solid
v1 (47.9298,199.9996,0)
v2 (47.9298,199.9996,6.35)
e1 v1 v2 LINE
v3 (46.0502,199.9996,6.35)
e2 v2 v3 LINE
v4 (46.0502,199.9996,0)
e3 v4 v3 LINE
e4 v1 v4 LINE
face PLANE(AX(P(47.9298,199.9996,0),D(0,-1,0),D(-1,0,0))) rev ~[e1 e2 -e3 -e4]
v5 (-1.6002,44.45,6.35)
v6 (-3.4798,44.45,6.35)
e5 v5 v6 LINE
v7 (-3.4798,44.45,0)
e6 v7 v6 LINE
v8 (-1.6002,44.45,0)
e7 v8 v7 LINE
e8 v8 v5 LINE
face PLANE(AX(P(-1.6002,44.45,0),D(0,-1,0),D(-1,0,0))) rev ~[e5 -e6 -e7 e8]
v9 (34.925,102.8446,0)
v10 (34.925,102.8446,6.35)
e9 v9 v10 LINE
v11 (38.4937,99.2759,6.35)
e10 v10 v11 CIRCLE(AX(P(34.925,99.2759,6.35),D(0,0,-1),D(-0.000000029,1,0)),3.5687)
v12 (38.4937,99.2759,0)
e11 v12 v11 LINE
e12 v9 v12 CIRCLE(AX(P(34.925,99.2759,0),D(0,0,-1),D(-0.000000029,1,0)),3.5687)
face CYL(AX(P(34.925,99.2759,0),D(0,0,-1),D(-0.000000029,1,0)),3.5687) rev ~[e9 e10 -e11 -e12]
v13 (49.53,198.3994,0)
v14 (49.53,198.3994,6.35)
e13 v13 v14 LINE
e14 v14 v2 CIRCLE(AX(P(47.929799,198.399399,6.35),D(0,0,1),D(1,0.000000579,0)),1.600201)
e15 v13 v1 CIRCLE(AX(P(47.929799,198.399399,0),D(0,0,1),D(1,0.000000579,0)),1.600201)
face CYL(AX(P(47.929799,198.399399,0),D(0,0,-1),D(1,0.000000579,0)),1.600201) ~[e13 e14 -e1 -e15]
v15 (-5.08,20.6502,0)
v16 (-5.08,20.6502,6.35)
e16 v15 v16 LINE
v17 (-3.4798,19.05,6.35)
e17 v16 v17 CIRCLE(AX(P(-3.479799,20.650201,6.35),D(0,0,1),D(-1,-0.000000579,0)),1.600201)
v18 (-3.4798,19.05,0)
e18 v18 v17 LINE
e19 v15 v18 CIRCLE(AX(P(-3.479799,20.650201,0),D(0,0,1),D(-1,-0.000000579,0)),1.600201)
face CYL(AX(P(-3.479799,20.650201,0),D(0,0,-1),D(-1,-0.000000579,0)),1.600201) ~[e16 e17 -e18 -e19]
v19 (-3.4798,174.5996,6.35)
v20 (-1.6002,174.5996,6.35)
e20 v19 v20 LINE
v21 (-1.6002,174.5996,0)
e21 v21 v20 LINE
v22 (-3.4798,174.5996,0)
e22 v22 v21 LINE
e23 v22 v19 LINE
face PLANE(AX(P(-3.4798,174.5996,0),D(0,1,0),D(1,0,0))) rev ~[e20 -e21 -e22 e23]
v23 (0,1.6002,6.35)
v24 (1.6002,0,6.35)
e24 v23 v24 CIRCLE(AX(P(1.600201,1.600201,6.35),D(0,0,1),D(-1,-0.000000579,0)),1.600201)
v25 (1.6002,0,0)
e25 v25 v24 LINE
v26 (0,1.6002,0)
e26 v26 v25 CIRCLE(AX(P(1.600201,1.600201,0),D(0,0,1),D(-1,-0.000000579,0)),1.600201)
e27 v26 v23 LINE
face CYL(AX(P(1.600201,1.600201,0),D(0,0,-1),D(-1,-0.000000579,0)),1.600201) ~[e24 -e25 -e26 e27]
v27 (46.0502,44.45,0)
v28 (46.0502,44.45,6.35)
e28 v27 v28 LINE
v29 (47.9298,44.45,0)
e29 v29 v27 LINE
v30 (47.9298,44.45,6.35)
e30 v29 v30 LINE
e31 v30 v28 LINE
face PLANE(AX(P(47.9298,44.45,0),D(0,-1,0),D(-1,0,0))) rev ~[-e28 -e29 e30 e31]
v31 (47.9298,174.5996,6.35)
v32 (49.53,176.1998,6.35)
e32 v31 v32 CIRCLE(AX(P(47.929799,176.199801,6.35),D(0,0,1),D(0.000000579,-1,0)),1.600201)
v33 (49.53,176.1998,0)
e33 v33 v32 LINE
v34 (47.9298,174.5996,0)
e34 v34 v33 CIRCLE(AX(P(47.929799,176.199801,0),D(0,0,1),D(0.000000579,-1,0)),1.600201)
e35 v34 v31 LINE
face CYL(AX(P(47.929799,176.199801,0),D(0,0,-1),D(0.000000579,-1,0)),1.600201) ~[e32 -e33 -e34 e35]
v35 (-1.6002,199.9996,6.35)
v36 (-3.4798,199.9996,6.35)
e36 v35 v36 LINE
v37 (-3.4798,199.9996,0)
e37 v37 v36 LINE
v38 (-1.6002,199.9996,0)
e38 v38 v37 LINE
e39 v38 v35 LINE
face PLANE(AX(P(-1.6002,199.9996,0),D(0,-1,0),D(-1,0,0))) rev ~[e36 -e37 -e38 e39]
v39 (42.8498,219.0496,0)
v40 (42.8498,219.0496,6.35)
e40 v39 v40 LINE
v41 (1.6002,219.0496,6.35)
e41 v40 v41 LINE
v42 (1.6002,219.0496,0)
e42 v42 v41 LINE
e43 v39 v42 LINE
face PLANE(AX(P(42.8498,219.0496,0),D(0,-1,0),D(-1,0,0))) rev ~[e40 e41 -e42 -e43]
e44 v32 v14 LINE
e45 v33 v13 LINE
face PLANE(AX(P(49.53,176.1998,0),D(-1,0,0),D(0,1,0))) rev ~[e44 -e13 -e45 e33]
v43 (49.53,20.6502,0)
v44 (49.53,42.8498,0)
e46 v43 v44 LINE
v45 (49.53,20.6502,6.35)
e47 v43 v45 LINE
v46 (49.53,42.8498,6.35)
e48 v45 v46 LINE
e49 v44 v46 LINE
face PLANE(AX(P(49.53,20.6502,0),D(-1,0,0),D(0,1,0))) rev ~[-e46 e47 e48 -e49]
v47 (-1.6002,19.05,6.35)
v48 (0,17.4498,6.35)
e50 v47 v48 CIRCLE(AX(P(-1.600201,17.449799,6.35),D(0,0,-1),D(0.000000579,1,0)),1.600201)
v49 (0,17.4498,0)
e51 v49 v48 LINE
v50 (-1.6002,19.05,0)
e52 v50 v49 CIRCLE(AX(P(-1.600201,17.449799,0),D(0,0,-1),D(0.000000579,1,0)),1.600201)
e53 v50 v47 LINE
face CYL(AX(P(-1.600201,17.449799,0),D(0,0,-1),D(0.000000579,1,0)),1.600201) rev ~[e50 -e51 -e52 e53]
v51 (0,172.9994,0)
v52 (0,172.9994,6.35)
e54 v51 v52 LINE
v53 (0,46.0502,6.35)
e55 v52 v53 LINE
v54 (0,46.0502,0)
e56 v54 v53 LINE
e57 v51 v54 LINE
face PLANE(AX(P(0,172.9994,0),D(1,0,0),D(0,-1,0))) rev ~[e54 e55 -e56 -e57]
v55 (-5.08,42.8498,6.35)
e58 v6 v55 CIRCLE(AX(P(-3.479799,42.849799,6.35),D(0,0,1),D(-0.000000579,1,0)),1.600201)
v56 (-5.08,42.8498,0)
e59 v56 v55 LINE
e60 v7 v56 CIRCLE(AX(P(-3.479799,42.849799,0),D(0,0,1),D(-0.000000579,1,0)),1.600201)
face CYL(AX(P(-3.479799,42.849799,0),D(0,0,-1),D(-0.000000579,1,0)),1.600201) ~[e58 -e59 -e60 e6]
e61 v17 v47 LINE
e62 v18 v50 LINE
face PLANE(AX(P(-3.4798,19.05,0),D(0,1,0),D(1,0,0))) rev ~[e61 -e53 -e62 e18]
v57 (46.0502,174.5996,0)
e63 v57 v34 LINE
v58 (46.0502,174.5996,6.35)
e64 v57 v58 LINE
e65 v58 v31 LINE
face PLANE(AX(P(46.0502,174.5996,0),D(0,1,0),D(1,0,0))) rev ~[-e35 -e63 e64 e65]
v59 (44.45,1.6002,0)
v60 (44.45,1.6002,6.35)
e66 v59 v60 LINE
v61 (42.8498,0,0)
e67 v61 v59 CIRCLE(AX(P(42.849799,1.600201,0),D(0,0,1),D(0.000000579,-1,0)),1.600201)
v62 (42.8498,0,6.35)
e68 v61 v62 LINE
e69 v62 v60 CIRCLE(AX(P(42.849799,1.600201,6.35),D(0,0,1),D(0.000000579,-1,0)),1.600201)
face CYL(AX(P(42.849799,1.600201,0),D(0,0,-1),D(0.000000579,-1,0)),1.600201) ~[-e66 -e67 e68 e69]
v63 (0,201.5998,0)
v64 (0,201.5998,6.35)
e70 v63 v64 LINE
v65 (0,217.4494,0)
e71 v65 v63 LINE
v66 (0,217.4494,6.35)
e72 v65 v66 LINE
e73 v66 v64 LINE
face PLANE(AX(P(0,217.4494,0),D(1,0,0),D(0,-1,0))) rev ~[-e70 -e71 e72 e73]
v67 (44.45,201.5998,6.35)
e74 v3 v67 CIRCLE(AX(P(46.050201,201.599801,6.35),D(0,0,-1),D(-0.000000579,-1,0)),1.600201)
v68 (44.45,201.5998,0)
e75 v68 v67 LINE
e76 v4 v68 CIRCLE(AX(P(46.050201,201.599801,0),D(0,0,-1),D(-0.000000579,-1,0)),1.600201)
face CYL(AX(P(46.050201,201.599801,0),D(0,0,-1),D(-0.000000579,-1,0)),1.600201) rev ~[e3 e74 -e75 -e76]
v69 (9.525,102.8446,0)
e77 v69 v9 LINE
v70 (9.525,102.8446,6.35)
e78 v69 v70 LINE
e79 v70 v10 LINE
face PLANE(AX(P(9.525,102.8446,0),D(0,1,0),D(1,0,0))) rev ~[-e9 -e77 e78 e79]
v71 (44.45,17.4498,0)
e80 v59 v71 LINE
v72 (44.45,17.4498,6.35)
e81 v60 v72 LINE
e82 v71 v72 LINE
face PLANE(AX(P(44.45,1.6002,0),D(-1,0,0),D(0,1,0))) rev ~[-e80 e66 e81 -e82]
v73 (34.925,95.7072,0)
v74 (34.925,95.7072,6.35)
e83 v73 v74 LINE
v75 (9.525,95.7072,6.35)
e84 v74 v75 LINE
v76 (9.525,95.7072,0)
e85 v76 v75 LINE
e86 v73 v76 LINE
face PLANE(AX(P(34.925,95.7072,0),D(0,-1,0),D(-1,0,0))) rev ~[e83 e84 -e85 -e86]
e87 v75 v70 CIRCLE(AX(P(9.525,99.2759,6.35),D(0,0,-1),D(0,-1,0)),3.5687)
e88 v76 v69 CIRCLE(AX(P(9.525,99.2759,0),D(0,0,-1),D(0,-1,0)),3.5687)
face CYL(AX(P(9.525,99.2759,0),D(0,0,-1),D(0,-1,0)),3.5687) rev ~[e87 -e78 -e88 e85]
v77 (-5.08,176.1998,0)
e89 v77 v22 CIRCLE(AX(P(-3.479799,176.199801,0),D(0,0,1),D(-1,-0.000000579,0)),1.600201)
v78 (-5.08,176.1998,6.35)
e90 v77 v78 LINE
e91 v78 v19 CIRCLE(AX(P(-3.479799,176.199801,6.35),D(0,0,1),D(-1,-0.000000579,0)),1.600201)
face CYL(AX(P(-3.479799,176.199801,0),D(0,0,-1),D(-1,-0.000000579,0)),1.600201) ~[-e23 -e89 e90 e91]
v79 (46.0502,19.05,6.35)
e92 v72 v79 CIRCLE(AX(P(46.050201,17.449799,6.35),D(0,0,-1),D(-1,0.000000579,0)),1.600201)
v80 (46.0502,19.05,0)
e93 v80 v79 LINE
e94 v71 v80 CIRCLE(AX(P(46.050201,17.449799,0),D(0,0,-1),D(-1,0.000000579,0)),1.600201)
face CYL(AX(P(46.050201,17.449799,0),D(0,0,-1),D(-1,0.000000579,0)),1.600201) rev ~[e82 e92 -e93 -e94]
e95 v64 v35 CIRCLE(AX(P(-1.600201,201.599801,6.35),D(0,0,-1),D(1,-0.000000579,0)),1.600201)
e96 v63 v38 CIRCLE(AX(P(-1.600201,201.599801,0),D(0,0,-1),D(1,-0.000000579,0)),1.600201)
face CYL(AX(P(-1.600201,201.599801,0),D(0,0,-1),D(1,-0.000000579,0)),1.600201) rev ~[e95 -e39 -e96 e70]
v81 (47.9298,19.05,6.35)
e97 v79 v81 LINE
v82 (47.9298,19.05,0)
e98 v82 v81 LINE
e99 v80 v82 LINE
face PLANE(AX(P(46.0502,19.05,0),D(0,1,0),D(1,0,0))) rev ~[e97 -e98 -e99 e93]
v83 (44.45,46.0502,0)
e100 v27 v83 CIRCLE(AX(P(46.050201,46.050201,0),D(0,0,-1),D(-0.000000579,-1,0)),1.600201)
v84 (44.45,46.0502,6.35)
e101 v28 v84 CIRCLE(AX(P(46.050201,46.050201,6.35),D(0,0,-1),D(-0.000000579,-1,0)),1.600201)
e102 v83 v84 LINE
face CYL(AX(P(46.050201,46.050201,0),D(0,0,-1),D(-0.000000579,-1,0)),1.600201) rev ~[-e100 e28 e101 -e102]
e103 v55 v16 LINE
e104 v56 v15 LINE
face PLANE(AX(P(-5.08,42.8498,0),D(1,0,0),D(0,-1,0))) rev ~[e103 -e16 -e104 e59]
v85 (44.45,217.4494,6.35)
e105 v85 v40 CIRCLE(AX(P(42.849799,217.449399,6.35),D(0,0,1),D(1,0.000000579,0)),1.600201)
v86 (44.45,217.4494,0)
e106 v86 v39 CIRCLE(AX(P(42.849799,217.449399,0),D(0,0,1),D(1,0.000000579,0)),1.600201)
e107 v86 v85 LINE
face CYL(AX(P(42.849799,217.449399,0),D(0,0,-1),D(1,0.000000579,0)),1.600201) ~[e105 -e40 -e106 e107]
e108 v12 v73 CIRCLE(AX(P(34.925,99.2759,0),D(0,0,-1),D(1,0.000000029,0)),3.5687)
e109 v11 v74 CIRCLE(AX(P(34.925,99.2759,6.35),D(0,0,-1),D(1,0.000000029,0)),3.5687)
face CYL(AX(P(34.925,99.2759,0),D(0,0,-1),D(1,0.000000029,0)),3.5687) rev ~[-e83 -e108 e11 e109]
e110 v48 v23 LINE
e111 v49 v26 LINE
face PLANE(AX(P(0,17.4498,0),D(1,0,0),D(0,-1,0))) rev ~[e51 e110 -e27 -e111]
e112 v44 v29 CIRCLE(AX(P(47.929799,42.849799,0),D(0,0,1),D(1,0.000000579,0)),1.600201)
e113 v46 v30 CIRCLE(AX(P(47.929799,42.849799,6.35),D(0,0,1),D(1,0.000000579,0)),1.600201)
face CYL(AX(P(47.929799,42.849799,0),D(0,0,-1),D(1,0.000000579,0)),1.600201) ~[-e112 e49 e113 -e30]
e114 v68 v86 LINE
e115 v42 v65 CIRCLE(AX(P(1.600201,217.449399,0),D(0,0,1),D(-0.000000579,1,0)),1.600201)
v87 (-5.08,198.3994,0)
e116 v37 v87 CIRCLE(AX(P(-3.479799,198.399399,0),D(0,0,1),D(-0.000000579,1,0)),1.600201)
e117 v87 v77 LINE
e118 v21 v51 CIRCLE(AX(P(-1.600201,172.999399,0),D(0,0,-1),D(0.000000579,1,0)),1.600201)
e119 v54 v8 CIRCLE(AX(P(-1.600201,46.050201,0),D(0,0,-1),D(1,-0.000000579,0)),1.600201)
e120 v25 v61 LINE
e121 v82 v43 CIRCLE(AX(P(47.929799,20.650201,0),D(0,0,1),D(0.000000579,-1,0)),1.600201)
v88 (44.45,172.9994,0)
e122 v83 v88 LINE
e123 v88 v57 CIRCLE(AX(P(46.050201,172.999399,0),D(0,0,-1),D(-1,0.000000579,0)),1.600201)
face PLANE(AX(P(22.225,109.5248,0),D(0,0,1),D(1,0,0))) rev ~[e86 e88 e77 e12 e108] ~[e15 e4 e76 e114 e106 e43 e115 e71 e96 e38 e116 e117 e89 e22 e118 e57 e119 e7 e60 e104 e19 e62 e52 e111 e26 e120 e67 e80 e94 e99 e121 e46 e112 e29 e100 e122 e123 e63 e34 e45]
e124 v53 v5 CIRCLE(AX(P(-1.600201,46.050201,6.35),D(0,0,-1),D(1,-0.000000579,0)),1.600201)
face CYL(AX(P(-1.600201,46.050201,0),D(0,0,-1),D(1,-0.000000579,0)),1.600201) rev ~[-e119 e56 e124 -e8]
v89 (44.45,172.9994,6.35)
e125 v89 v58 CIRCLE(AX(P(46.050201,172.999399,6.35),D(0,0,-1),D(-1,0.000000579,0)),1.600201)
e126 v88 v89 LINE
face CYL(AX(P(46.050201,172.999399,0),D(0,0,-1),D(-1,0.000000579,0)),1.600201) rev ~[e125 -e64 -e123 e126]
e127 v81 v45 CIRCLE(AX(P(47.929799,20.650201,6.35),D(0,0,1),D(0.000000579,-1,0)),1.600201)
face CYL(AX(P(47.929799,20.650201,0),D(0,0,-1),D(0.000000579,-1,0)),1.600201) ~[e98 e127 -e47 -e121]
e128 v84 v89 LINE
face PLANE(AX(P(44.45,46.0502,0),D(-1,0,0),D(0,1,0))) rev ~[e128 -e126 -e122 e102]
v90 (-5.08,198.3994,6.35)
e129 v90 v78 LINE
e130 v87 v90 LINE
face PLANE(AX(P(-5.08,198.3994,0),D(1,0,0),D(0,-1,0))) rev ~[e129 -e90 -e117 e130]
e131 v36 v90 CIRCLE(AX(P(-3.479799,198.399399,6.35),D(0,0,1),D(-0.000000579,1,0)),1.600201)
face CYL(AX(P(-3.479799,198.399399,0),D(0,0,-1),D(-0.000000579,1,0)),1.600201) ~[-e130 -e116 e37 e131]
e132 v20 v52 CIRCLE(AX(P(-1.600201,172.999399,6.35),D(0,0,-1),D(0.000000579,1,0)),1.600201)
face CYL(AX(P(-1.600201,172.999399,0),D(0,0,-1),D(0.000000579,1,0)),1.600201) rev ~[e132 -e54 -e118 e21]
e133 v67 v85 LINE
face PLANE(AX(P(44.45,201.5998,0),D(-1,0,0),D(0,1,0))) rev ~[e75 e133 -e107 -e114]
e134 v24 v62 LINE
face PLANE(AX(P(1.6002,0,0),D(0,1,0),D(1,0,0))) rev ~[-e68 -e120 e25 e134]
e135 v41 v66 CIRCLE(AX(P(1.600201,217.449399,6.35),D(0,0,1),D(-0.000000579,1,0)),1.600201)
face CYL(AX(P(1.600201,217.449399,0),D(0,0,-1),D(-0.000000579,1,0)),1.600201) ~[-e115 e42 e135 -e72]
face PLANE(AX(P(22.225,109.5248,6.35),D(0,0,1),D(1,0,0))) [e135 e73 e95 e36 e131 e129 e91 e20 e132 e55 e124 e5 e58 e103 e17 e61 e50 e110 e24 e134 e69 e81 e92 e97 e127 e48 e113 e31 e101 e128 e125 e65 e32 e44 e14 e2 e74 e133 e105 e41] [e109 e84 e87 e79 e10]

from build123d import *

# Parameters (mm, degrees)
F1_DEPTH = 6.35


with BuildPart() as f1:
    # F0 (on Top) → F1 (new body)
    with BuildSketch(Plane.XY):
        with BuildLine():
            ThreePointArc((0, 1.6002), (0.468688, 0.468688), (1.6002, 0))
            Line((1.6002, 0), (42.8498, 0))
            ThreePointArc((42.8498, 0), (43.981312, 0.468688), (44.45, 1.6002))
            Line((44.45, 1.6002), (44.45, 17.4498))
            ThreePointArc((44.45, 17.4498), (44.918688, 18.581312), (46.0502, 19.05))
            Line((46.0502, 19.05), (47.9298, 19.05))
            ThreePointArc((47.9298, 19.05), (49.061312, 19.518688), (49.53, 20.6502))
            Line((49.53, 20.6502), (49.53, 42.8498))
            ThreePointArc((49.53, 42.8498), (49.061312, 43.981312), (47.9298, 44.45))
            Line((47.9298, 44.45), (46.0502, 44.45))
            ThreePointArc((46.0502, 44.45), (44.918688, 44.918688), (44.45, 46.0502))
            Line((44.45, 46.0502), (44.45, 172.9994))
            ThreePointArc((44.45, 172.9994), (44.918688, 174.130912), (46.0502, 174.5996))
            Line((46.0502, 174.5996), (47.9298, 174.5996))
            ThreePointArc((47.9298, 174.5996), (49.061312, 175.068288), (49.53, 176.1998))
            Line((49.53, 176.1998), (49.53, 198.3994))
            ThreePointArc((49.53, 198.3994), (49.061312, 199.530912), (47.9298, 199.9996))
            Line((47.9298, 199.9996), (46.0502, 199.9996))
            ThreePointArc((46.0502, 199.9996), (44.918688, 200.468288), (44.45, 201.5998))
            Line((44.45, 201.5998), (44.45, 217.4494))
            ThreePointArc((44.45, 217.4494), (43.981312, 218.580912), (42.8498, 219.0496))
            Line((42.8498, 219.0496), (1.6002, 219.0496))
            ThreePointArc((1.6002, 219.0496), (0.468688, 218.580912), (0, 217.4494))
            Line((0, 217.4494), (0, 201.5998))
            ThreePointArc((0, 201.5998), (-0.468688, 200.468288), (-1.6002, 199.9996))
            Line((-1.6002, 199.9996), (-3.4798, 199.9996))
            ThreePointArc((-3.4798, 199.9996), (-4.611312, 199.530912), (-5.08, 198.3994))
            Line((-5.08, 198.3994), (-5.08, 176.1998))
            ThreePointArc((-5.08, 176.1998), (-4.611312, 175.068288), (-3.4798, 174.5996))
            Line((-3.4798, 174.5996), (-1.6002, 174.5996))
            ThreePointArc((-1.6002, 174.5996), (-0.468688, 174.130912), (0, 172.9994))
            Line((0, 172.9994), (0, 46.0502))
            ThreePointArc((0, 46.0502), (-0.468688, 44.918688), (-1.6002, 44.45))
            Line((-1.6002, 44.45), (-3.4798, 44.45))
            ThreePointArc((-3.4798, 44.45), (-4.611312, 43.981312), (-5.08, 42.8498))
            Line((-5.08, 42.8498), (-5.08, 20.6502))
            ThreePointArc((-5.08, 20.6502), (-4.611312, 19.518688), (-3.4798, 19.05))
            Line((-3.4798, 19.05), (-1.6002, 19.05))
            ThreePointArc((-1.6002, 19.05), (-0.468688, 18.581312), (0, 17.4498))
            Line((0, 17.4498), (0, 1.6002))
        make_face()
        with BuildLine():
            ThreePointArc((9.525, 95.7072), (5.9563, 99.2759), (9.525, 102.8446))
            Line((9.525, 102.8446), (34.925, 102.8446))
            ThreePointArc((34.925, 102.8446), (37.448452, 101.799352), (38.4937, 99.2759))
            ThreePointArc((38.4937, 99.2759), (37.448452, 96.752448), (34.925, 95.7072))
            Line((34.925, 95.7072), (9.525, 95.7072))
        make_face(mode=Mode.SUBTRACT)
    extrude(amount=F1_DEPTH)


solid = f1.part
